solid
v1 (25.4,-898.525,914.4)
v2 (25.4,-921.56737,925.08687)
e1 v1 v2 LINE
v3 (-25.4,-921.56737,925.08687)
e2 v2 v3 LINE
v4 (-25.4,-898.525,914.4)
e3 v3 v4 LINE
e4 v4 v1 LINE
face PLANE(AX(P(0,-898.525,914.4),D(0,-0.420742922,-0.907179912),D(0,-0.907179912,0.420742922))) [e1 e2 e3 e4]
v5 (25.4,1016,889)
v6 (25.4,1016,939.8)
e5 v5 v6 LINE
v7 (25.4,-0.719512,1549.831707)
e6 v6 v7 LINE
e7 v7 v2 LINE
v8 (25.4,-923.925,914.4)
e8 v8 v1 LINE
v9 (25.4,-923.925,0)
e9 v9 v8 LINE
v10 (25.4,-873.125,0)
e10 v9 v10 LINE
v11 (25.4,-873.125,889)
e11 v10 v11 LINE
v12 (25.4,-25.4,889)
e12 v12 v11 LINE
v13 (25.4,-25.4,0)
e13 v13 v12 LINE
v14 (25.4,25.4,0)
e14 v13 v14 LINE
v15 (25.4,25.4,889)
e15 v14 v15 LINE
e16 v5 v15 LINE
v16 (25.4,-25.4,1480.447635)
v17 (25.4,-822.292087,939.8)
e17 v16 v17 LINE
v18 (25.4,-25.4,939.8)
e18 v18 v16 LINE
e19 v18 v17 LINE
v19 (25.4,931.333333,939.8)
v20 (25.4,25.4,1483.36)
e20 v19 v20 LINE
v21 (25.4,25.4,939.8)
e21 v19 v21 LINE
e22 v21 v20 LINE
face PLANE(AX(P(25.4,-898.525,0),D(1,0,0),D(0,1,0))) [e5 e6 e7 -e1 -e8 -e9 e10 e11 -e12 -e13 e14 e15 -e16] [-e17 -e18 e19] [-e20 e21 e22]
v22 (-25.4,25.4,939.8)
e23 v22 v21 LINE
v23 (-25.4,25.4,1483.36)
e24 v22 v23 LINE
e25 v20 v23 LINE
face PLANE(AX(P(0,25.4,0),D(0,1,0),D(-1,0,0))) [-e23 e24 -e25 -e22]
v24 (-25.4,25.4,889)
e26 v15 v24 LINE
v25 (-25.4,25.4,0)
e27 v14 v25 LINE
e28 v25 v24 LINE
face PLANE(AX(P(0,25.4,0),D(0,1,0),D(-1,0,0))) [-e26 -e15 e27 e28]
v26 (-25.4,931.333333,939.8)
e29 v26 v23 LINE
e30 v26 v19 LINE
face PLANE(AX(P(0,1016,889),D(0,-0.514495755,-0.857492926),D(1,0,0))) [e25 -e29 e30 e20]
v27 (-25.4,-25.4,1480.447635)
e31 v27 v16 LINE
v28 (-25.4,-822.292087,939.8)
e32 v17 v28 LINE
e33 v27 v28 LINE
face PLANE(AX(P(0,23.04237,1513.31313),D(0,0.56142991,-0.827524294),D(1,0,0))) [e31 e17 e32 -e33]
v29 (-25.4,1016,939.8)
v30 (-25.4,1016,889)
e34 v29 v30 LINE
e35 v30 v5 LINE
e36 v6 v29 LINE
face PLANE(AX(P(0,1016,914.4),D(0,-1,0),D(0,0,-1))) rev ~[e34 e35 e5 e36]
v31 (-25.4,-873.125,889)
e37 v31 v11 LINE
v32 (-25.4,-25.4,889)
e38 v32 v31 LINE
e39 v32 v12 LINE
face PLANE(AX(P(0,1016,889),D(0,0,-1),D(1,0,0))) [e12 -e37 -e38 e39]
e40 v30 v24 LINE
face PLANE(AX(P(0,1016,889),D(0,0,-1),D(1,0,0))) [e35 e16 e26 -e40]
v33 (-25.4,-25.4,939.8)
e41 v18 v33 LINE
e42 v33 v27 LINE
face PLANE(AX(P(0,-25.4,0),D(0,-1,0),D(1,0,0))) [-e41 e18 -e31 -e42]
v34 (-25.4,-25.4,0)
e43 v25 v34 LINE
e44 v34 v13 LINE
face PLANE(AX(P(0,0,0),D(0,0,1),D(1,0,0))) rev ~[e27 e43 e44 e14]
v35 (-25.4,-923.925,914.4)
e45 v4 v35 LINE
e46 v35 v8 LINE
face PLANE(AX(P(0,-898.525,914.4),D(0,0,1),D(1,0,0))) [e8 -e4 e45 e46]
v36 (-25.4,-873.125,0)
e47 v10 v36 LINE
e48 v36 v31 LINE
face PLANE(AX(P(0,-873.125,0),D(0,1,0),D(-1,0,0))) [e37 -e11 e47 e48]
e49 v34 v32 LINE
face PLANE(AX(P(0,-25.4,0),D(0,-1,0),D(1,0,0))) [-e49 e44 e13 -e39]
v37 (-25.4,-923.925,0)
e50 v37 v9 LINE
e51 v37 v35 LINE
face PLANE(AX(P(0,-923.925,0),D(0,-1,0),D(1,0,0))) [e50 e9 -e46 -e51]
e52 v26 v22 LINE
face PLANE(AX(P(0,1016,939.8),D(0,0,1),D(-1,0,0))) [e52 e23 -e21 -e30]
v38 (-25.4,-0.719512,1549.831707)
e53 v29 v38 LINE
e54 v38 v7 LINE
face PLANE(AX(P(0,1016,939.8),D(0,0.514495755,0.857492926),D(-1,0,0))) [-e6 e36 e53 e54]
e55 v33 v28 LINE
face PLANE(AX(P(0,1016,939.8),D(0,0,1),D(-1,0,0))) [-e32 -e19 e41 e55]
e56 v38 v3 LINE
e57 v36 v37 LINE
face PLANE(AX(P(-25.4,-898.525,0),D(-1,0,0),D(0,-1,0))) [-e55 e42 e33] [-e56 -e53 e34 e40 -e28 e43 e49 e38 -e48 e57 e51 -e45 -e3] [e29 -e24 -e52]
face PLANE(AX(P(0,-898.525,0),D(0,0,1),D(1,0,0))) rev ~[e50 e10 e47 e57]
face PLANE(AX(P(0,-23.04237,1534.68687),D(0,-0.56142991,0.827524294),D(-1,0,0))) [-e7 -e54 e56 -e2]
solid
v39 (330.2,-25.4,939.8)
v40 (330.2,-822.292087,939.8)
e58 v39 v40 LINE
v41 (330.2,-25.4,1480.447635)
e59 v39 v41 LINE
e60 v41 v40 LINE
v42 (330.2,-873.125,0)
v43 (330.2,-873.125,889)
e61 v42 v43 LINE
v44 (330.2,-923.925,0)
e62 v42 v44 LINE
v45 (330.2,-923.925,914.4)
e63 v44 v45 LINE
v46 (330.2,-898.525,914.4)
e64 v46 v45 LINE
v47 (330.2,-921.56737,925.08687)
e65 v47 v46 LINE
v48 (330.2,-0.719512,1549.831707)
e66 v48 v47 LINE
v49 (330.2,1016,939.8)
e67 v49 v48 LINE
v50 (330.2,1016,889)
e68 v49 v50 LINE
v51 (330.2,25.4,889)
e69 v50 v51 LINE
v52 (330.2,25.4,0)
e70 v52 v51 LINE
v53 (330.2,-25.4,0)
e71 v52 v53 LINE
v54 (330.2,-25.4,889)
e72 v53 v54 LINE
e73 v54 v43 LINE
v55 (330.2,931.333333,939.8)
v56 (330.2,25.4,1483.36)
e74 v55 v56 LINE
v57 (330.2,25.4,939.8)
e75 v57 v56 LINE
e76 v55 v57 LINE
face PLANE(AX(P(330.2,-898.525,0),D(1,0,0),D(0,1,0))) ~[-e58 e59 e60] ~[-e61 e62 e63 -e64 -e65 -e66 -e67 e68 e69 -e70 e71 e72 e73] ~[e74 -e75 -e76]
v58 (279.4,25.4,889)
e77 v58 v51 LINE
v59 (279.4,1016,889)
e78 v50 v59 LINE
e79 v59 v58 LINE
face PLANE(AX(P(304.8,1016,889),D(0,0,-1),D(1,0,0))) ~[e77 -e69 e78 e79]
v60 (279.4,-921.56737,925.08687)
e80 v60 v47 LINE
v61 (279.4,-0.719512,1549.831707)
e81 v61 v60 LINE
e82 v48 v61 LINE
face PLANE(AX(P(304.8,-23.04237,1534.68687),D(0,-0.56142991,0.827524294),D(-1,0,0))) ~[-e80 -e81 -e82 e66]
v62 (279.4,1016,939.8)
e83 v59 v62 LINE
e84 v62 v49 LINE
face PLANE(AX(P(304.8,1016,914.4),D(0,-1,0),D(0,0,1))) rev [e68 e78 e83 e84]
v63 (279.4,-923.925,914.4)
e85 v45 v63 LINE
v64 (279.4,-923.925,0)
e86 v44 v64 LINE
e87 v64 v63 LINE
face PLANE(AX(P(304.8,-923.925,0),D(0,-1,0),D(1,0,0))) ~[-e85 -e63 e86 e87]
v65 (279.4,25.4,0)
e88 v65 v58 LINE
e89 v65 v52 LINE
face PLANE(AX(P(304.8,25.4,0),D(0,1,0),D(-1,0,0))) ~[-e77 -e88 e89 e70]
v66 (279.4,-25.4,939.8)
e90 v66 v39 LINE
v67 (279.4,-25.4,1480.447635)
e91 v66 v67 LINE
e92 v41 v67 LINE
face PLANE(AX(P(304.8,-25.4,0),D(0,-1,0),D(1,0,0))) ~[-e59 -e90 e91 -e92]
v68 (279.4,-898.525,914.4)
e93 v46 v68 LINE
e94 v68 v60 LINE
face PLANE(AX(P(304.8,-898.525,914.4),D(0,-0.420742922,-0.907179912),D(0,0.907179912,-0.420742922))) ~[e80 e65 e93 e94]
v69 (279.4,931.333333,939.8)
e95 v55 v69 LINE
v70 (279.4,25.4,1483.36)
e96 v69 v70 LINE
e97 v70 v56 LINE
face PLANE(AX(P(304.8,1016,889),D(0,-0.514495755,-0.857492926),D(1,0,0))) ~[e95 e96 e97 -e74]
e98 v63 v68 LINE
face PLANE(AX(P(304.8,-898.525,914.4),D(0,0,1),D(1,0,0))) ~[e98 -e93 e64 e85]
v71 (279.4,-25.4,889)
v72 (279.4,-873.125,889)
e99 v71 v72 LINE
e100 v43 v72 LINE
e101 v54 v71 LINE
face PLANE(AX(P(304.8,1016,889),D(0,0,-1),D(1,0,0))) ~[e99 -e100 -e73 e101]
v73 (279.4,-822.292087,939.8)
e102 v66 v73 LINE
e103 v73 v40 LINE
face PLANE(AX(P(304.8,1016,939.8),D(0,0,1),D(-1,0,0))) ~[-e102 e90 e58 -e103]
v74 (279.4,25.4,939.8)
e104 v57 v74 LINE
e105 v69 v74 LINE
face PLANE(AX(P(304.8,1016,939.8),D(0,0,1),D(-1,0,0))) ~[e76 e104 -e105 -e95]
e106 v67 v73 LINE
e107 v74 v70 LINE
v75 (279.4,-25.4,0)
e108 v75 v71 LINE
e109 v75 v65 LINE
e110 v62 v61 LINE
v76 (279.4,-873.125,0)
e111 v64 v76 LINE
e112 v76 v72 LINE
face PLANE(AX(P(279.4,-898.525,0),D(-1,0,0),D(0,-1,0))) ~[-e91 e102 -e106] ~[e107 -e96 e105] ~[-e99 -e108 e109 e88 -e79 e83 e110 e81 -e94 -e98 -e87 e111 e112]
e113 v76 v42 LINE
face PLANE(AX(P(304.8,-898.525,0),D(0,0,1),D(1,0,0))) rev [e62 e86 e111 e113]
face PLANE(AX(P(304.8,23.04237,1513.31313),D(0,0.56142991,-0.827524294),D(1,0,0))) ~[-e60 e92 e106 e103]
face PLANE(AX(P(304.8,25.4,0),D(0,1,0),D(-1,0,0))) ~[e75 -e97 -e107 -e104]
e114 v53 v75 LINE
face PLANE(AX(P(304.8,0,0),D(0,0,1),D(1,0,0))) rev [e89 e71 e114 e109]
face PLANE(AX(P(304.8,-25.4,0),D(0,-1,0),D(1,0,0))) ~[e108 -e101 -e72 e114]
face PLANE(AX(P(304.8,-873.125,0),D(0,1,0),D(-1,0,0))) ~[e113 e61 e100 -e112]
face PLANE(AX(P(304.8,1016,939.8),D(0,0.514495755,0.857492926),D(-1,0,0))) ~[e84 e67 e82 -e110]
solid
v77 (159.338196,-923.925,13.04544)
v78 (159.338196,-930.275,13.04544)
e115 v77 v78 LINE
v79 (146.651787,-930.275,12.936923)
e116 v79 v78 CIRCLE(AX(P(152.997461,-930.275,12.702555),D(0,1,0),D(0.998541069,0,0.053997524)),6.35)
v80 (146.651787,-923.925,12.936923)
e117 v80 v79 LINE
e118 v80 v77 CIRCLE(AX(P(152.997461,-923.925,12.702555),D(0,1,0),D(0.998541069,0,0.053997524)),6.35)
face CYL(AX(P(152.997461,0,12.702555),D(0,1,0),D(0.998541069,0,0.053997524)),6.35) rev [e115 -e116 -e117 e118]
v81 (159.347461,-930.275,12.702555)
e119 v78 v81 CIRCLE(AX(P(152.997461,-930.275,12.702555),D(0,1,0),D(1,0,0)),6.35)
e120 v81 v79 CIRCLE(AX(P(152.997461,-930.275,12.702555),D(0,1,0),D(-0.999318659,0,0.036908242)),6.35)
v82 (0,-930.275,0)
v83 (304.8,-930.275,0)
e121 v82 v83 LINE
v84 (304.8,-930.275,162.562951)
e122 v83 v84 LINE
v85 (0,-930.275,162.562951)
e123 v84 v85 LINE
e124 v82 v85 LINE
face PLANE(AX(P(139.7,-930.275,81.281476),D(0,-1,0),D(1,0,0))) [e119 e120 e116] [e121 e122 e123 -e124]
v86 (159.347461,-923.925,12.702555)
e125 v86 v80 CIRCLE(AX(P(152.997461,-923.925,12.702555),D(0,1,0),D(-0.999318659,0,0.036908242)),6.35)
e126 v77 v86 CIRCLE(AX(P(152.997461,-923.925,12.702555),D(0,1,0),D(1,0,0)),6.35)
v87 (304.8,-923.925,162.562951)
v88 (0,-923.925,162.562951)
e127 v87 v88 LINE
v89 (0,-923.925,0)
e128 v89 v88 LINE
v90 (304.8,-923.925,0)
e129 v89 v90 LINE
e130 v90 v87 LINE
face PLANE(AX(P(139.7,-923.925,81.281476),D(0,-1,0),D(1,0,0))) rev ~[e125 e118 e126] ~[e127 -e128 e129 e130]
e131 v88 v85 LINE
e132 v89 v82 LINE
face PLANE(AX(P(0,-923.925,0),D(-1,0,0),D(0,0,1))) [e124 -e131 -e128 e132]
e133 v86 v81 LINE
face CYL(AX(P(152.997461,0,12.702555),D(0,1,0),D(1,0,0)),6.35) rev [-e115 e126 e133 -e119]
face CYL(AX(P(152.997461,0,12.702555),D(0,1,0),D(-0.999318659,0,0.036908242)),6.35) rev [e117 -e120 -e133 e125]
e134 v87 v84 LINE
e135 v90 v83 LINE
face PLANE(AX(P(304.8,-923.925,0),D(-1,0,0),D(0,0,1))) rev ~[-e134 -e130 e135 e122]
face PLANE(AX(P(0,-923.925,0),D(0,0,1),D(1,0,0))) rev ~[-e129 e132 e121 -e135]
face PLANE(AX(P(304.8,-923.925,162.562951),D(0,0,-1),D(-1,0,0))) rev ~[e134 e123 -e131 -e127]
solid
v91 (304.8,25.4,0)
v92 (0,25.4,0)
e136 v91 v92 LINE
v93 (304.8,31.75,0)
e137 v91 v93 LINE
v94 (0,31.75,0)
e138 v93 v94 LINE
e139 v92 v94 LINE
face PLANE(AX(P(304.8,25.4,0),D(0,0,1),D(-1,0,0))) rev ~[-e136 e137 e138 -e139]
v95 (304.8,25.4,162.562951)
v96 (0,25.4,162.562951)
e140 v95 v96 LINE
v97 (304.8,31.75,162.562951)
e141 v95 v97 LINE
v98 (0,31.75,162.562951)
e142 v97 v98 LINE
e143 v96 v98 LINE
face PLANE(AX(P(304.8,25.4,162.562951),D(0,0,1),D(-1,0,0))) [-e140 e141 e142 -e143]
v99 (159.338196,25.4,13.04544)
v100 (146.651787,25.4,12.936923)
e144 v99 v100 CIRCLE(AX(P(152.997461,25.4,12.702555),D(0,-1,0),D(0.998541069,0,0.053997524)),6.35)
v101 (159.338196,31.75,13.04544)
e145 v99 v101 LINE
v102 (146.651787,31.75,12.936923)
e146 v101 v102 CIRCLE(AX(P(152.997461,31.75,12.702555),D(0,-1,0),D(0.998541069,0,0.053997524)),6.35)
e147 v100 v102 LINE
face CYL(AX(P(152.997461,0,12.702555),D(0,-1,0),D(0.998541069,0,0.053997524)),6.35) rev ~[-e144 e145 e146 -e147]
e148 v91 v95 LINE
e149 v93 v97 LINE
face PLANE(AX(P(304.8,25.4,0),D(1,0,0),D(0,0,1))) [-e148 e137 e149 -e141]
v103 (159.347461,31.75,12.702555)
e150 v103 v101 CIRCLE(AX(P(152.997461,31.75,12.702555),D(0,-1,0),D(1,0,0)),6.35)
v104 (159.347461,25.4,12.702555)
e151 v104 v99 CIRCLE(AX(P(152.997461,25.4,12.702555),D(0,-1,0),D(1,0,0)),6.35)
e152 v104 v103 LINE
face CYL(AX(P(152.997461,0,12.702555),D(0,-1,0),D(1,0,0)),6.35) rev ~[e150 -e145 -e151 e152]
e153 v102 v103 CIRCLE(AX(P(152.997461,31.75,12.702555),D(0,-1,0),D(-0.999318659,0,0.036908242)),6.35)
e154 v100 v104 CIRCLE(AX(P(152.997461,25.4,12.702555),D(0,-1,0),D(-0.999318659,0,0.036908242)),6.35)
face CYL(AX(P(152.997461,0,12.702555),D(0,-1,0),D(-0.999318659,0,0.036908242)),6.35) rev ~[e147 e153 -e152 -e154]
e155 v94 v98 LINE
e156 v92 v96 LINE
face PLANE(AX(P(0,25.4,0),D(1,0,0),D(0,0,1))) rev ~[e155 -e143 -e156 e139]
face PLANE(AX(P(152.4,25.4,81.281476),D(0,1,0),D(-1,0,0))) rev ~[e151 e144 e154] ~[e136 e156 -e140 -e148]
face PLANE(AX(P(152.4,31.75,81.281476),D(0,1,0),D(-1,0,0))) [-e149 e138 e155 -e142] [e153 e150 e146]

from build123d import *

# Parameters (mm, degrees)
F1_W           = 50.8
F1_H           = 50.8
F4_W           = 50.8
F4_H           = 50.8
F7_W           = 50.8
F7_H           = 50.8
F11_W          = 279.4
F11_H          = 162.5629514456
F11_W_2        = 25.4
F12_DEPTH      = 6.35
F13_W          = 304.8
F13_H          = 162.5629514456
F14_DEPTH      = 6.35
F18_DEPTH      = 930.276
F18_DEPTH_BACK = 1016.001


with BuildPart() as f2:
    # F2: sweep along a path in F0
    with BuildLine(Plane.YZ) as f2_path:
        Line((0, 0), (0, 914.4))
        Line((0, 914.4), (0, 1524))
    # F1 (on Top) → F2 (sweep)
    with BuildSketch(Plane.XY):
        Rectangle(F1_W, F1_H)
    sweep(path=f2_path.line)

    # F5: sweep along a path in F0
    with BuildLine(Plane.YZ) as f5_path:
        Line((1016, 914.4), (0, 914.4))
        Line((0, 914.4), (-898.525, 914.4))
    # F4 (on plane+point) → F5 (sweep)
    with BuildSketch(Plane.XZ.offset(-1016)):
        with Locations((0, 914.4)):
            Rectangle(F4_W, F4_H)
    sweep(path=f5_path.line)

    # F6: sweep along a path in F0
    with BuildLine(Plane.YZ) as f6_path:
        Line((1016, 914.4), (0, 1524))
        Line((0, 1524), (-898.525, 914.4))
    # F4 (on plane+point) → F6 (sweep)
    with BuildSketch(Plane.XZ.offset(-1016)):
        with Locations((0, 914.4)):
            Rectangle(F4_W, F4_H)
    sweep(path=f6_path.line, transition=Transition.RIGHT)

    # F8: sweep along a path in F0
    with BuildLine(Plane.YZ) as f8_path:
        Line((-898.525, 0), (-898.525, 914.4))
    # F7 (on Top) → F8 (sweep)
    with BuildSketch(Plane.XY):
        with Locations((0, -898.525)):
            Rectangle(F7_W, F7_H)
    sweep(path=f8_path.line)


with BuildPart() as f10_1:
    # F10: instance of F2
    add(f2.part.mirror(Plane.YZ.offset(152.4)))


with BuildPart() as f12:
    # F11 (on face) → F12 (new body)
    with BuildSketch(Plane.XZ.offset(923.925)):
        with Locations((139.7, 81.2814757228)):
            Rectangle(F11_W, F11_H)
        with Locations((292.1, 81.2814757228)):
            Rectangle(F11_W_2, F11_H)
    extrude(amount=F12_DEPTH)


with BuildPart() as f14:
    # F13 (on face) → F14 (new body)
    with BuildSketch(Plane(origin=(0, 25.4, 0), x_dir=(-1, 0, 0), z_dir=(0, 1, 0))):
        with Locations((-152.4, 81.2814757228)):
            Rectangle(F13_W, F13_H)
    extrude(amount=F14_DEPTH)


with BuildPart() as f18_tool:
    # F17 (on Front) → F18 (new body, two sides)
    with BuildSketch(Plane.XZ) as f18_sk:
        with BuildLine():
            ThreePointArc((159.3381964918, 13.0454395062), (152.9431460914, 19.0523229376), (146.6517872176, 12.9369225662))
            ThreePointArc((146.6517872176, 12.9369225662), (152.9974607006, 12.7025552313), (159.3381964918, 13.0454395062))
        make_face()
        with BuildLine():
            ThreePointArc((159.3381964918, 13.0454395062), (152.9974607006, 12.7025552313), (146.6517872176, 12.9369225662))
            ThreePointArc((146.6517872176, 12.9369225662), (152.8802570675, 6.3536369527), (159.3474607006, 12.7025552313))
            ThreePointArc((159.3474607006, 12.7025552313), (159.3451442259, 12.8740599335), (159.3381964918, 13.0454395062))
        make_face()
    extrude(amount=F18_DEPTH)
    extrude(f18_sk.sketch, amount=-F18_DEPTH_BACK)


with BuildPart() as f12_1:
    add(f12.part)

    # F18: cut by f18_tool
    add(f18_tool.part, mode=Mode.SUBTRACT)


with BuildPart() as f14_1:
    add(f14.part)

    # F18: cut by f18_tool
    add(f18_tool.part, mode=Mode.SUBTRACT)


solid = Compound([f2.part, f10_1.part, f12_1.part, f14_1.part])
